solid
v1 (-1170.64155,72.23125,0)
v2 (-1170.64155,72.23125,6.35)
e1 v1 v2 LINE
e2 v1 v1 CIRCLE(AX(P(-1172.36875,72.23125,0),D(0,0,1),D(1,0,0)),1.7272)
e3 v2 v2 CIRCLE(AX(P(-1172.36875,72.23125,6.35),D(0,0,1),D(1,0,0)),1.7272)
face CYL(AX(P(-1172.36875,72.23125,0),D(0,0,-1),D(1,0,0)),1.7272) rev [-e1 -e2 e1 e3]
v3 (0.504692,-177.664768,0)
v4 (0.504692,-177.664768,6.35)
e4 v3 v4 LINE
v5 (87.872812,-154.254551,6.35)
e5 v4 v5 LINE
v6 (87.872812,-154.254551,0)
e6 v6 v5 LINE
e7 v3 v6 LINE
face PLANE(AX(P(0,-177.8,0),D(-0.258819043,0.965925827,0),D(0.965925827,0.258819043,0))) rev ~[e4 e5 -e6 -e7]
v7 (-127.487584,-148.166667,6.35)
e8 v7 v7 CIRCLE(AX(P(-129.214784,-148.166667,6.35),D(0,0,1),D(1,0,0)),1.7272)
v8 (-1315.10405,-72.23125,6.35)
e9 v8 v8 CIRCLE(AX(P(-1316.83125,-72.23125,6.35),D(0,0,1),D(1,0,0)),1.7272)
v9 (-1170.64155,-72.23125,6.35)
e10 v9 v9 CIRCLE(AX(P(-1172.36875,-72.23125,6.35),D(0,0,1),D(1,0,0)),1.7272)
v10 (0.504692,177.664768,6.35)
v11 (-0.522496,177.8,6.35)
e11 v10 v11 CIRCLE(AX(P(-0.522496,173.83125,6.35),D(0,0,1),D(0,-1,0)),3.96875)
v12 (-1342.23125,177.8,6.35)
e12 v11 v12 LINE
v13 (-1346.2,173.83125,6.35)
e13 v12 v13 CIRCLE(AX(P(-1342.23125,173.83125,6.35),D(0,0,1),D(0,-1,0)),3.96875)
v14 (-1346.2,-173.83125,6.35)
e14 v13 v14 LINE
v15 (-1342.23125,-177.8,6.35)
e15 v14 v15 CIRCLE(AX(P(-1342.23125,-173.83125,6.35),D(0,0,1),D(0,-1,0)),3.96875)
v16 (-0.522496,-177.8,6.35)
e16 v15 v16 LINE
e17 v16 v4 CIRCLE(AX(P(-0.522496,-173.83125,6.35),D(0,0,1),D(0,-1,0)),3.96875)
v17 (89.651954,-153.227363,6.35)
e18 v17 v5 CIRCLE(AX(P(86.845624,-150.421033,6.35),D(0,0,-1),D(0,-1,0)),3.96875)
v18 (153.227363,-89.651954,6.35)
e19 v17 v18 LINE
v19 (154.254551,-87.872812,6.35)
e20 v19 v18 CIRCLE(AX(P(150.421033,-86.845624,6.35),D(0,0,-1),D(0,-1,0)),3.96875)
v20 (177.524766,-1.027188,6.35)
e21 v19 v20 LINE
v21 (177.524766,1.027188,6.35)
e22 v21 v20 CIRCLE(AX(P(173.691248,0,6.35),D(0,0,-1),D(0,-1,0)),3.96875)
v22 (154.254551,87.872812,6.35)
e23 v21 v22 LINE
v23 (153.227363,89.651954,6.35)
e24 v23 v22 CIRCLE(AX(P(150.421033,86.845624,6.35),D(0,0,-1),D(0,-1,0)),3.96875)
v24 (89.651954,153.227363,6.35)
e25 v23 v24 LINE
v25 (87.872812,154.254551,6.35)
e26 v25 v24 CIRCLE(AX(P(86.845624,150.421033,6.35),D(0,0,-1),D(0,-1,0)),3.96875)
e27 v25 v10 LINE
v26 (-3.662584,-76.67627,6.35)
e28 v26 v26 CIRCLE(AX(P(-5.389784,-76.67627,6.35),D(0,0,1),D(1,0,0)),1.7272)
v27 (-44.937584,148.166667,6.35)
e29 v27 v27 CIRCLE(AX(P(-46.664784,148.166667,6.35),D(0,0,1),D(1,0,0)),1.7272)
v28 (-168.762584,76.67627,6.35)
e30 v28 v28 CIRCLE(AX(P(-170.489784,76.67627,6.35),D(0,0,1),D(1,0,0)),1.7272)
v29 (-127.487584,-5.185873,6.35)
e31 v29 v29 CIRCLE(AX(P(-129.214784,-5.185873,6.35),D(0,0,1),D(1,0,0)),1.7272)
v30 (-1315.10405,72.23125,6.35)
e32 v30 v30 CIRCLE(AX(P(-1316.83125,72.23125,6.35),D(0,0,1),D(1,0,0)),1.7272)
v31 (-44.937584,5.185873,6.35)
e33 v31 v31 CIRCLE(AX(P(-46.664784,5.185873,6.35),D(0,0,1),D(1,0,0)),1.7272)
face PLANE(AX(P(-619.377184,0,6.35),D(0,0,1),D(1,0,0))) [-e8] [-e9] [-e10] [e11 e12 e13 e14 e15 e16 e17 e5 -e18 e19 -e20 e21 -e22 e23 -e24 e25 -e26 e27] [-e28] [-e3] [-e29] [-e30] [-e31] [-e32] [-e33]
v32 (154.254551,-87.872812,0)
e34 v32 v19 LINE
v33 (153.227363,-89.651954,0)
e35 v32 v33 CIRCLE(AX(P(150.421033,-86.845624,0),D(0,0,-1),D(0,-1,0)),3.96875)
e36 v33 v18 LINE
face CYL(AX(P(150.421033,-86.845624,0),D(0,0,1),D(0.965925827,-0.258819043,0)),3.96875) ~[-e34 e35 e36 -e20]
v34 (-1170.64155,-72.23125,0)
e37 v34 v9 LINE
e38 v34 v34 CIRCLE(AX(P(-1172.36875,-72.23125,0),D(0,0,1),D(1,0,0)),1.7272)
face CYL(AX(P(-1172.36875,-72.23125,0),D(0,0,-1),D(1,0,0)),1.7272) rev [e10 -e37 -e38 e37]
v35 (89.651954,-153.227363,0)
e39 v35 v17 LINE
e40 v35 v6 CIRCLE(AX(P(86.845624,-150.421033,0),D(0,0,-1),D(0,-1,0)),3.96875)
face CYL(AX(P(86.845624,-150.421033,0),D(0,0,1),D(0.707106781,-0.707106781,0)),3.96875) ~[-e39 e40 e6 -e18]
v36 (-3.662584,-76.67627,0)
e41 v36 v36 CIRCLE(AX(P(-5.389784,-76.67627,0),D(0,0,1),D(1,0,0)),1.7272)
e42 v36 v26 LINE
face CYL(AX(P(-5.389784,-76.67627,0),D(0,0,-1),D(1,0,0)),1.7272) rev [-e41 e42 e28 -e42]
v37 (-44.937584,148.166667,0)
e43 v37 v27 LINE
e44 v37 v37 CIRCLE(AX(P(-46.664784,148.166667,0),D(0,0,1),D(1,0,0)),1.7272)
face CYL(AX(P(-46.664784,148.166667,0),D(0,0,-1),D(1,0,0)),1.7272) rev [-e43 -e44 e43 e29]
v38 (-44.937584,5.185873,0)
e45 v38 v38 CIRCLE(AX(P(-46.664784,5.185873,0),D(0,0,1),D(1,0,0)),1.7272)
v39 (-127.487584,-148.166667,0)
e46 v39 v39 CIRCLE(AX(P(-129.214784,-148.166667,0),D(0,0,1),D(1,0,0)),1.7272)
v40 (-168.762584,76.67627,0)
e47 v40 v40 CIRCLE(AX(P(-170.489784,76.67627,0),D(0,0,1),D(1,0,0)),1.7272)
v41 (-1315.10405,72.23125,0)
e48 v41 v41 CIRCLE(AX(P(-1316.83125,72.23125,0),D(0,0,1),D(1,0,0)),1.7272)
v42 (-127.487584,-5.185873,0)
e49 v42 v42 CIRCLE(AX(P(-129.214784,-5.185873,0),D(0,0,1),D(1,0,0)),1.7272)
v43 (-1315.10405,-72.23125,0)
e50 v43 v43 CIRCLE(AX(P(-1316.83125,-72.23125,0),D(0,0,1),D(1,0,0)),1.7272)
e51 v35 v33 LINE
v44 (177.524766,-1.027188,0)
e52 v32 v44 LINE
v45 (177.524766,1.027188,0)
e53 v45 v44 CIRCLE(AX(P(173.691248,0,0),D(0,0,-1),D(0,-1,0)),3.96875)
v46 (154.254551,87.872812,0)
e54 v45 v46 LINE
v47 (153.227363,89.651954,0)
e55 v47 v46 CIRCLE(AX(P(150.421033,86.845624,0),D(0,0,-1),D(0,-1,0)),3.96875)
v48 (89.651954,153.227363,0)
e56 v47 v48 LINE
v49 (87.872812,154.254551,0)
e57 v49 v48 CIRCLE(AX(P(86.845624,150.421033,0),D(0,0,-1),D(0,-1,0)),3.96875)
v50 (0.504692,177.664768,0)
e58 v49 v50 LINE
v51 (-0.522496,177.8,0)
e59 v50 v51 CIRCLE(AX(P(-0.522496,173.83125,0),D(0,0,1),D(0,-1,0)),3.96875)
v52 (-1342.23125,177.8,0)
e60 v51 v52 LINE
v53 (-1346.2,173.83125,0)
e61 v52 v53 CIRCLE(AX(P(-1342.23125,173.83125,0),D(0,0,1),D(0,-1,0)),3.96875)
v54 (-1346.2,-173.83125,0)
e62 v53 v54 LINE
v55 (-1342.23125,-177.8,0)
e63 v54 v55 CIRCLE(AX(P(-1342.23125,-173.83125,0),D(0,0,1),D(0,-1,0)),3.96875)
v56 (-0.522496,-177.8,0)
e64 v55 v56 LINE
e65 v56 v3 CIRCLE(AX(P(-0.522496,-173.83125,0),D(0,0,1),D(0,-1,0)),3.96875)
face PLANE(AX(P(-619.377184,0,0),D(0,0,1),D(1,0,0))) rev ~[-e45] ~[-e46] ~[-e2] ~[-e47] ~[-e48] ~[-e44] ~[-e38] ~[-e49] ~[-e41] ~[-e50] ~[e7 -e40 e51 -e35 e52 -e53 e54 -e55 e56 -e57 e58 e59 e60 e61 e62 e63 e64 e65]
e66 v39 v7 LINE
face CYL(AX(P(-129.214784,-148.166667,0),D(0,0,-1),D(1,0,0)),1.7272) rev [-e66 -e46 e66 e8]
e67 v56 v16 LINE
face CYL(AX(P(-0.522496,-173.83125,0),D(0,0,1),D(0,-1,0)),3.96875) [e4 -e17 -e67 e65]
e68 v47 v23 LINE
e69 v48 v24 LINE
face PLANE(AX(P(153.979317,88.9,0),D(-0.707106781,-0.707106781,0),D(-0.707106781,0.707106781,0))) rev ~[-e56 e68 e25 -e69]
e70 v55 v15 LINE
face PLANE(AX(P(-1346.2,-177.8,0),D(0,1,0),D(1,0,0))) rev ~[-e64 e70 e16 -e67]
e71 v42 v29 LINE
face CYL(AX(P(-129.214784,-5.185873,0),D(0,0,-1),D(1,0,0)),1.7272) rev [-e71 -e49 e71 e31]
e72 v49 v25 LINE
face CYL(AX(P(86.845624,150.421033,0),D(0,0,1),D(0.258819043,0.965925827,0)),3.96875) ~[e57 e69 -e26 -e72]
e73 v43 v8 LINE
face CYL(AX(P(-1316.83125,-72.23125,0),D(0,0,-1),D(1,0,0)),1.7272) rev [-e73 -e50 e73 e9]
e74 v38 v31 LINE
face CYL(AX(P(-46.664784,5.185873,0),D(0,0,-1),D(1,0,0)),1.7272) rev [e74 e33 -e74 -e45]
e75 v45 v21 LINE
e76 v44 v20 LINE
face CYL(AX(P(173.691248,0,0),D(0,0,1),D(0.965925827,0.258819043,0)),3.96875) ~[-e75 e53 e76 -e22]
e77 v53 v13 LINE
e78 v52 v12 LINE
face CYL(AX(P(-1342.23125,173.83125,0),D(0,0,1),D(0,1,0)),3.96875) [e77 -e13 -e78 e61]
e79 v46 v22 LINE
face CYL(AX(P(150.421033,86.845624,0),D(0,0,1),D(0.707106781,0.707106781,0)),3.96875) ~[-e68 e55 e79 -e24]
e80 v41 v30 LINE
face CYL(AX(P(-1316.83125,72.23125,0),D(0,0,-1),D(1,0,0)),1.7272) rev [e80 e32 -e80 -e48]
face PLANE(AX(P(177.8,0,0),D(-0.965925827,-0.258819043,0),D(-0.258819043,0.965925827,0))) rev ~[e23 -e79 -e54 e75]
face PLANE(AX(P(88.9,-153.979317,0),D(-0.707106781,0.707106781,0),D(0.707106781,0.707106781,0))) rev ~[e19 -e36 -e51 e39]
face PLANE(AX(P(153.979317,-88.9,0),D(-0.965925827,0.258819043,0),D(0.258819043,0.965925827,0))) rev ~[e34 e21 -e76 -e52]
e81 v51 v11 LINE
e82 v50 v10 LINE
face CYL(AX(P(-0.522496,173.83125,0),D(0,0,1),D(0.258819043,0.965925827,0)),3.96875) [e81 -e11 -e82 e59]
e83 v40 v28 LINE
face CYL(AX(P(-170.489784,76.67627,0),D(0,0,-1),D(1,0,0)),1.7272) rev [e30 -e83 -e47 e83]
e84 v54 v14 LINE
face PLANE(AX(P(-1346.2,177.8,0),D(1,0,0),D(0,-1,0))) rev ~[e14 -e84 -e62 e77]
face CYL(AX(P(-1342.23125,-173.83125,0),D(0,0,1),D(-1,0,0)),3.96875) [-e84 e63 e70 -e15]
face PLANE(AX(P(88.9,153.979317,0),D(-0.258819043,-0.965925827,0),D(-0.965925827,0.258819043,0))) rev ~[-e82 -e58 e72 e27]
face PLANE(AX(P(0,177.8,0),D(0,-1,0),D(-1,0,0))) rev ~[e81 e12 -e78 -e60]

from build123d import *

# Parameters (mm, degrees)
F0_R     = 1.7272
F1_DEPTH = 6.35
F2_R     = 3.96875


with BuildPart() as f1:
    # F0 (on Top) → F1 (new body)
    with BuildSketch(Plane.XY):
        Polygon((88.9, 153.979317), (0, 177.8), (-1346.2, 177.8), (-1346.2, -177.8), (0, -177.8), (88.9, -153.979317), (153.979317, -88.9), (177.8, 0), (153.979317, 88.9), align=None)
        with Locations((-1316.83125, -72.23125)):
            Circle(F0_R, mode=Mode.SUBTRACT)
        with Locations((-1172.36875, -72.23125)):
            Circle(F0_R, mode=Mode.SUBTRACT)
        with Locations((-129.214784, -148.166667)):
            Circle(F0_R, mode=Mode.SUBTRACT)
        with Locations((-5.389784, -76.67627)):
            Circle(F0_R, mode=Mode.SUBTRACT)
        with Locations((-129.214784, -5.185873)):
            Circle(F0_R, mode=Mode.SUBTRACT)
        with Locations((-1316.83125, 72.23125)):
            Circle(F0_R, mode=Mode.SUBTRACT)
        with Locations((-1172.36875, 72.23125)):
            Circle(F0_R, mode=Mode.SUBTRACT)
        with Locations((-46.664784, 5.185873)):
            Circle(F0_R, mode=Mode.SUBTRACT)
        with Locations((-170.489784, 76.67627)):
            Circle(F0_R, mode=Mode.SUBTRACT)
        with Locations((-46.664784, 148.166667)):
            Circle(F0_R, mode=Mode.SUBTRACT)
    extrude(amount=F1_DEPTH)

    # F2
    f2_edges = [f1.edges().sort_by_distance(p)[0] for p in [
        (0, -177.8, 3.175),
        (88.9, -153.979317, 3.175),
        (153.979317, -88.9, 3.175),
        (177.8, 0, 3.175),
        (153.979317, 88.9, 3.175),
        (88.9, 153.979317, 3.175),
        (0, 177.8, 3.175),
        (-1346.2, 177.8, 3.175),
        (-1346.2, -177.8, 3.175),
    ]]
    fillet(f2_edges, radius=F2_R)


solid = f1.part
